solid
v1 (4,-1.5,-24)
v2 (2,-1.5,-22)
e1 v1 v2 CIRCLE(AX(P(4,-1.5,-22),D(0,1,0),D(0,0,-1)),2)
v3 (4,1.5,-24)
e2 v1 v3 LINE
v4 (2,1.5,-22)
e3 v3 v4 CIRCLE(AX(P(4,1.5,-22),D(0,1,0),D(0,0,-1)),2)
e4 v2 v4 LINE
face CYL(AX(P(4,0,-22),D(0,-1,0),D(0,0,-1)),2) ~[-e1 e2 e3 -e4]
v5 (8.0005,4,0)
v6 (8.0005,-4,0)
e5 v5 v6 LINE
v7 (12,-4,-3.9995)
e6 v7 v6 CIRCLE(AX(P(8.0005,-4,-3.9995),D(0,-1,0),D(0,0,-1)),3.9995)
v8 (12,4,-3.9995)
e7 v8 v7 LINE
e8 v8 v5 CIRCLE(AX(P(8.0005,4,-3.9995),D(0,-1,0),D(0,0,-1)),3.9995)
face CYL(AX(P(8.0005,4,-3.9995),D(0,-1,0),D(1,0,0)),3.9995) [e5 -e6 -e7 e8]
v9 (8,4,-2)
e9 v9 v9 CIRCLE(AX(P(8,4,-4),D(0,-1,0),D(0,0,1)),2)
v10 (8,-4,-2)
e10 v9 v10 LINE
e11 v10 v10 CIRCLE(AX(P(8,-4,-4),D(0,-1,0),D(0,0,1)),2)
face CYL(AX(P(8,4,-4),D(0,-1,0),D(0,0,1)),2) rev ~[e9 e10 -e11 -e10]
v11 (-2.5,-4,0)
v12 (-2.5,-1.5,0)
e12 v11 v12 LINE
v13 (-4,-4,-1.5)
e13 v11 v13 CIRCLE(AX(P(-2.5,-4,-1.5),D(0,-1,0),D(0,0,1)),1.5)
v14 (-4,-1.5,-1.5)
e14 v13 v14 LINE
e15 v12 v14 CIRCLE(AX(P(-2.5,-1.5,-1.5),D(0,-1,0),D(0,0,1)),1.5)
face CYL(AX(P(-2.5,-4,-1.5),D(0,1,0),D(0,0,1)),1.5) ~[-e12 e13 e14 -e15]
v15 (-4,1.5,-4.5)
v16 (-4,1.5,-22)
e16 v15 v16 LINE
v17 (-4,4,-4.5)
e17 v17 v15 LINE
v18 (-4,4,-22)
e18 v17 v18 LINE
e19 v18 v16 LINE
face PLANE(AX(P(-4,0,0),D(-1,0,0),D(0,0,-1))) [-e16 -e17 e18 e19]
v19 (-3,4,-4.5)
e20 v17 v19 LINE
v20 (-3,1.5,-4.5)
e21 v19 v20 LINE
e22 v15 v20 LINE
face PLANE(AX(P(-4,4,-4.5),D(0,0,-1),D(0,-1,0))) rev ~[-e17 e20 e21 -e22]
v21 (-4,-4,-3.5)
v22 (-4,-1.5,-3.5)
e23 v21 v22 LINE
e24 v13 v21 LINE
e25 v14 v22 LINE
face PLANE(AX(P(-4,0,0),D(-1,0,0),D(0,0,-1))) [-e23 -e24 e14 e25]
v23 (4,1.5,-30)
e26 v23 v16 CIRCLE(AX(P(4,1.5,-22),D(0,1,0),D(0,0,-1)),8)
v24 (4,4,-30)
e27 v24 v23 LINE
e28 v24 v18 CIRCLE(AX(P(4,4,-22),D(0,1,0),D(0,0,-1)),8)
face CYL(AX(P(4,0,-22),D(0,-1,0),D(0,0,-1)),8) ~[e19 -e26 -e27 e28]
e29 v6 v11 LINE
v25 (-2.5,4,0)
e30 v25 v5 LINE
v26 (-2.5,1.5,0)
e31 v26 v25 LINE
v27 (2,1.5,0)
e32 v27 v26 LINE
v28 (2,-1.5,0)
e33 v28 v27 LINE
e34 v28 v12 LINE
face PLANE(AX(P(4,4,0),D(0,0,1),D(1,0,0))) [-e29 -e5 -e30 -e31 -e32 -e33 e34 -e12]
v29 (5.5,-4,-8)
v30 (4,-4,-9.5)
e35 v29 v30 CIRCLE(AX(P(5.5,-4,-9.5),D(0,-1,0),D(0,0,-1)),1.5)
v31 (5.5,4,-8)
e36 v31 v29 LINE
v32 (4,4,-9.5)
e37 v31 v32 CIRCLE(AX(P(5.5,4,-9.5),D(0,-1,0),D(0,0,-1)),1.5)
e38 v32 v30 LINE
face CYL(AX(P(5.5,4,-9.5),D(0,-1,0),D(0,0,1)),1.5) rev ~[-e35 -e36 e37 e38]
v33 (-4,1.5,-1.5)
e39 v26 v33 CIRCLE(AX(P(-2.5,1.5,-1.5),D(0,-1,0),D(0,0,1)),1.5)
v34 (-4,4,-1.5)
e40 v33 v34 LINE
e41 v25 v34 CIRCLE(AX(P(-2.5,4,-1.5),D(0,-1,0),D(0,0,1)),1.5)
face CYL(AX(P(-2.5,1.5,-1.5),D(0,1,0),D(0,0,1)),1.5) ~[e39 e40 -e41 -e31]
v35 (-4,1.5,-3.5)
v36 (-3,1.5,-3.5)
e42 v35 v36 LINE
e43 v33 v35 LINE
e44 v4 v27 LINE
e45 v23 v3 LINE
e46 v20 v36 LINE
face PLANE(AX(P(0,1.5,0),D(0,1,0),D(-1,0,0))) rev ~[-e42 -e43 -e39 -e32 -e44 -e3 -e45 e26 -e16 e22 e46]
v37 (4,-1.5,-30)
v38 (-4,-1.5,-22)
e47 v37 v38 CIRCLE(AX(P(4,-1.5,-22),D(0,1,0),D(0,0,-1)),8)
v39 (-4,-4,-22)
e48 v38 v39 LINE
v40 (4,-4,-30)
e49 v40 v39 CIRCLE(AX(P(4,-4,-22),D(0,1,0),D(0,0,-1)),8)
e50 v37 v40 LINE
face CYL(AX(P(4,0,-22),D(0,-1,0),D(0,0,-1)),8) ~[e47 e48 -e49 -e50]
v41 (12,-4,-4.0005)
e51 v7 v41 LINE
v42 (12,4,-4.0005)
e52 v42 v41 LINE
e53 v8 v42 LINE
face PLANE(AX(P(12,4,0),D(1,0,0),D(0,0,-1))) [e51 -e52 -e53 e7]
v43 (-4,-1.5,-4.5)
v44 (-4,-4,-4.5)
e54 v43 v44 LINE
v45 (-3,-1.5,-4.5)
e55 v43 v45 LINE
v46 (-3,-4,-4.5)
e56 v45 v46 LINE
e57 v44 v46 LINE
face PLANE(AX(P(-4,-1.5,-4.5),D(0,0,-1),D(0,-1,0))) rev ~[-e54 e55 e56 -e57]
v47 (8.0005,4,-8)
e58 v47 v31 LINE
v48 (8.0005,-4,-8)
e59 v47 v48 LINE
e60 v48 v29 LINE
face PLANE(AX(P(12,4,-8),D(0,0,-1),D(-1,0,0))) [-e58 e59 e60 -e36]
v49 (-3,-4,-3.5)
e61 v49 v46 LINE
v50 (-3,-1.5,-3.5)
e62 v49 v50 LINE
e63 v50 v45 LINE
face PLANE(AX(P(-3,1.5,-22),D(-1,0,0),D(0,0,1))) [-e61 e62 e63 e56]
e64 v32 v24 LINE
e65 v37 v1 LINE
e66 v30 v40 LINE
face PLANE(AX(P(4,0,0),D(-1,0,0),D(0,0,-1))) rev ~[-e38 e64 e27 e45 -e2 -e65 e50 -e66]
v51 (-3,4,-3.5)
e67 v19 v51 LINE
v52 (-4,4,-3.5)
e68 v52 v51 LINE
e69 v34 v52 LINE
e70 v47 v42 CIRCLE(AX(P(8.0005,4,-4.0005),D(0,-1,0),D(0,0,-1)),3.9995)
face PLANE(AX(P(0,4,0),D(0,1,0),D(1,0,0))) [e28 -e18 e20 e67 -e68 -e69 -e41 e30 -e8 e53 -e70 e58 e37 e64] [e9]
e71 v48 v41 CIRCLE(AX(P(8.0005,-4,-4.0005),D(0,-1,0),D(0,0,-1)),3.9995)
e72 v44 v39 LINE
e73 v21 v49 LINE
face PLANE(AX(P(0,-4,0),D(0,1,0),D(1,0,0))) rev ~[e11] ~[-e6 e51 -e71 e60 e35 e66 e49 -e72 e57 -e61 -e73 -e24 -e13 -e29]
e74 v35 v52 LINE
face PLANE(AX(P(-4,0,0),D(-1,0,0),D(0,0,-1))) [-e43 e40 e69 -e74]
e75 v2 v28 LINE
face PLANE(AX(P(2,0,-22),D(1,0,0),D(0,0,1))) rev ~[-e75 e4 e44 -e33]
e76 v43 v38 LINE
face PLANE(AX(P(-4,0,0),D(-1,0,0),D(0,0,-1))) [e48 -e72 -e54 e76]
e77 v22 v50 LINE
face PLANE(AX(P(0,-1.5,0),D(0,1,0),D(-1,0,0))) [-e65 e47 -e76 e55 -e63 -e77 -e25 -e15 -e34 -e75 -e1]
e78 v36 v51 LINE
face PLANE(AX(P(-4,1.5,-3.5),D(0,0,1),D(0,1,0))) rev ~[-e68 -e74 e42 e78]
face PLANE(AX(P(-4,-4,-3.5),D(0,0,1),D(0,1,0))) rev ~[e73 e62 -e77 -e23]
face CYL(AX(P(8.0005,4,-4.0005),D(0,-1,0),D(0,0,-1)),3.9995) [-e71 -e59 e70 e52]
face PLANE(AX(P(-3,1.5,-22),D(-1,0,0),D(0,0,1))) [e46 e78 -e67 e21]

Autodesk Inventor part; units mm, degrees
ref_plane "YZ Plane" through (0, 0, 0) normal (1, 0, 0) x (0, 1, 0)
ref_plane "XZ Plane" through (0, 0, 0) normal (0, 1, 0) x (-1, 0, 0)
ref_plane "XY Plane" through (0, 0, 0) normal (0, 0, 1) x (1, 0, 0)
sketch "Esquisse3" plane through (0, 0, 0) normal (0, 1, 0) x (-1, 0, 0)
  line L0 (4, 0) -> (-4, 0)
  line L1 (-4, 0) -> (-4, -30)
  arc A0 (-4, -30) -> (4, -22) centre (-4, -22) ccw
  line L2 (4, 0) -> (4, -22)
  point P0 (0, 0)
  point P1 (0, 0)
  dimension "d21" = 8
  dimension "d22" = 30
extrude "Extrusion2" add sketch "Esquisse3" along normal mid plane 8
sketch "Esquisse4" plane through (0, 0, 0) normal (0, 1, 0) x (-1, 0, 0)
  line L0 (-4, 0) -> (4, 0) projected
  line L1 (4, 0) -> (4, -22) projected
  arc A0 (-4, -30) -> (4, -22) centre (-4, -22) ccw projected
  line L2 (-4, -30) -> (-4, 0) projected
  line L3 (-4, -30) -> (-4, 0) projected
  line L4 (-2, -22) -> (-2, 0)
  arc A1 (-4, -24) -> (-2, -22) centre (-4, -22) ccw
  point P0 (0, 0)
  dimension "d26" = 6
  dimension "d27" = 6
extrude "Extrusion3" cut sketch "Esquisse4" along normal mid plane 3 contours L0 L1 A0 L2 A1 L4
sketch "Esquisse5" plane through (0, 4, 0) normal (0, 1, 0) x (1, 0, 0)
  line L0 (4, 30) -> (4, 0) projected
  line L1 (4, 0) -> (12, 0)
  line L2 (12, 0) -> (12, 8)
  line L3 (12, 8) -> (4, 8)
  line L4 (4, 8) -> (4, 0)
  point P0 (0, 0)
  dimension "d30" = 8
  dimension "d31" = 8
extrude "Extrusion4" add sketch "Esquisse5" against normal up to surface (8 mm away)
sketch "Esquisse6" plane through (0, 4, 0) normal (0, 1, 0) x (1, 0, 0)
  line L0 (-4, 0) -> (12, 0) projected
  line L1 (12, 0) -> (12, 8) projected
  line L2 (4, 8) -> (4, 30) projected
  point P0 (0, 0)
  point P1 (8, 4)
  dimension "d34" = 4
  dimension "d47" = 4
hole "Perçage2" at (8, 4, -4) direction (0, -1, 0) diameter 4 depth 8
fillet "Congé2" radius 1.5 3 edges at (-4, 2.75, 0) (-4, -2.75, 0) (4, 0, -8)
fillet "Congé3" radius 4 2 edges at (12, 0, 0) (12, 0, -8)
sketch "Esquisse7" plane through (-4, 1.5, -22) normal (-1, 0, 0) x (0, 0, 1)
  line L0 (16, 2.5) -> (20, 2.5) projected
  line L1 (20.5, -5.5) -> (0, -5.5) projected
  line L2 (20.5, -3) -> (0, -3) projected
  line L3 (17.5, -5.5) -> (18.5, -5.5)
  line L4 (18.5, -5.5) -> (18.5, -3)
  line L5 (18.5, -3) -> (17.5, -3)
  line L6 (17.5, -3) -> (17.5, -5.5)
  line L7 (0, 0) -> (20.5, 0) projected
  line L8 (0, 2.5) -> (20.5, 2.5) projected
  line L9 (17.5, 0) -> (18.5, 0)
  line L10 (18.5, 0) -> (18.5, 2.5)
  line L11 (18.5, 2.5) -> (17.5, 2.5)
  line L12 (17.5, 2.5) -> (17.5, 0)
  line L13 (20, -5.5) -> (16, -5.5) projected
  line L14 (16, 2.5) -> (20, 2.5) projected
  point P0 (22, -1.5)
  point P1 (18, 2.5)
  dimension "d49" = 1
extrude "Extrusion5" cut sketch "Esquisse7" against normal blind 1
properties part number "viseur_reglable_piece"
